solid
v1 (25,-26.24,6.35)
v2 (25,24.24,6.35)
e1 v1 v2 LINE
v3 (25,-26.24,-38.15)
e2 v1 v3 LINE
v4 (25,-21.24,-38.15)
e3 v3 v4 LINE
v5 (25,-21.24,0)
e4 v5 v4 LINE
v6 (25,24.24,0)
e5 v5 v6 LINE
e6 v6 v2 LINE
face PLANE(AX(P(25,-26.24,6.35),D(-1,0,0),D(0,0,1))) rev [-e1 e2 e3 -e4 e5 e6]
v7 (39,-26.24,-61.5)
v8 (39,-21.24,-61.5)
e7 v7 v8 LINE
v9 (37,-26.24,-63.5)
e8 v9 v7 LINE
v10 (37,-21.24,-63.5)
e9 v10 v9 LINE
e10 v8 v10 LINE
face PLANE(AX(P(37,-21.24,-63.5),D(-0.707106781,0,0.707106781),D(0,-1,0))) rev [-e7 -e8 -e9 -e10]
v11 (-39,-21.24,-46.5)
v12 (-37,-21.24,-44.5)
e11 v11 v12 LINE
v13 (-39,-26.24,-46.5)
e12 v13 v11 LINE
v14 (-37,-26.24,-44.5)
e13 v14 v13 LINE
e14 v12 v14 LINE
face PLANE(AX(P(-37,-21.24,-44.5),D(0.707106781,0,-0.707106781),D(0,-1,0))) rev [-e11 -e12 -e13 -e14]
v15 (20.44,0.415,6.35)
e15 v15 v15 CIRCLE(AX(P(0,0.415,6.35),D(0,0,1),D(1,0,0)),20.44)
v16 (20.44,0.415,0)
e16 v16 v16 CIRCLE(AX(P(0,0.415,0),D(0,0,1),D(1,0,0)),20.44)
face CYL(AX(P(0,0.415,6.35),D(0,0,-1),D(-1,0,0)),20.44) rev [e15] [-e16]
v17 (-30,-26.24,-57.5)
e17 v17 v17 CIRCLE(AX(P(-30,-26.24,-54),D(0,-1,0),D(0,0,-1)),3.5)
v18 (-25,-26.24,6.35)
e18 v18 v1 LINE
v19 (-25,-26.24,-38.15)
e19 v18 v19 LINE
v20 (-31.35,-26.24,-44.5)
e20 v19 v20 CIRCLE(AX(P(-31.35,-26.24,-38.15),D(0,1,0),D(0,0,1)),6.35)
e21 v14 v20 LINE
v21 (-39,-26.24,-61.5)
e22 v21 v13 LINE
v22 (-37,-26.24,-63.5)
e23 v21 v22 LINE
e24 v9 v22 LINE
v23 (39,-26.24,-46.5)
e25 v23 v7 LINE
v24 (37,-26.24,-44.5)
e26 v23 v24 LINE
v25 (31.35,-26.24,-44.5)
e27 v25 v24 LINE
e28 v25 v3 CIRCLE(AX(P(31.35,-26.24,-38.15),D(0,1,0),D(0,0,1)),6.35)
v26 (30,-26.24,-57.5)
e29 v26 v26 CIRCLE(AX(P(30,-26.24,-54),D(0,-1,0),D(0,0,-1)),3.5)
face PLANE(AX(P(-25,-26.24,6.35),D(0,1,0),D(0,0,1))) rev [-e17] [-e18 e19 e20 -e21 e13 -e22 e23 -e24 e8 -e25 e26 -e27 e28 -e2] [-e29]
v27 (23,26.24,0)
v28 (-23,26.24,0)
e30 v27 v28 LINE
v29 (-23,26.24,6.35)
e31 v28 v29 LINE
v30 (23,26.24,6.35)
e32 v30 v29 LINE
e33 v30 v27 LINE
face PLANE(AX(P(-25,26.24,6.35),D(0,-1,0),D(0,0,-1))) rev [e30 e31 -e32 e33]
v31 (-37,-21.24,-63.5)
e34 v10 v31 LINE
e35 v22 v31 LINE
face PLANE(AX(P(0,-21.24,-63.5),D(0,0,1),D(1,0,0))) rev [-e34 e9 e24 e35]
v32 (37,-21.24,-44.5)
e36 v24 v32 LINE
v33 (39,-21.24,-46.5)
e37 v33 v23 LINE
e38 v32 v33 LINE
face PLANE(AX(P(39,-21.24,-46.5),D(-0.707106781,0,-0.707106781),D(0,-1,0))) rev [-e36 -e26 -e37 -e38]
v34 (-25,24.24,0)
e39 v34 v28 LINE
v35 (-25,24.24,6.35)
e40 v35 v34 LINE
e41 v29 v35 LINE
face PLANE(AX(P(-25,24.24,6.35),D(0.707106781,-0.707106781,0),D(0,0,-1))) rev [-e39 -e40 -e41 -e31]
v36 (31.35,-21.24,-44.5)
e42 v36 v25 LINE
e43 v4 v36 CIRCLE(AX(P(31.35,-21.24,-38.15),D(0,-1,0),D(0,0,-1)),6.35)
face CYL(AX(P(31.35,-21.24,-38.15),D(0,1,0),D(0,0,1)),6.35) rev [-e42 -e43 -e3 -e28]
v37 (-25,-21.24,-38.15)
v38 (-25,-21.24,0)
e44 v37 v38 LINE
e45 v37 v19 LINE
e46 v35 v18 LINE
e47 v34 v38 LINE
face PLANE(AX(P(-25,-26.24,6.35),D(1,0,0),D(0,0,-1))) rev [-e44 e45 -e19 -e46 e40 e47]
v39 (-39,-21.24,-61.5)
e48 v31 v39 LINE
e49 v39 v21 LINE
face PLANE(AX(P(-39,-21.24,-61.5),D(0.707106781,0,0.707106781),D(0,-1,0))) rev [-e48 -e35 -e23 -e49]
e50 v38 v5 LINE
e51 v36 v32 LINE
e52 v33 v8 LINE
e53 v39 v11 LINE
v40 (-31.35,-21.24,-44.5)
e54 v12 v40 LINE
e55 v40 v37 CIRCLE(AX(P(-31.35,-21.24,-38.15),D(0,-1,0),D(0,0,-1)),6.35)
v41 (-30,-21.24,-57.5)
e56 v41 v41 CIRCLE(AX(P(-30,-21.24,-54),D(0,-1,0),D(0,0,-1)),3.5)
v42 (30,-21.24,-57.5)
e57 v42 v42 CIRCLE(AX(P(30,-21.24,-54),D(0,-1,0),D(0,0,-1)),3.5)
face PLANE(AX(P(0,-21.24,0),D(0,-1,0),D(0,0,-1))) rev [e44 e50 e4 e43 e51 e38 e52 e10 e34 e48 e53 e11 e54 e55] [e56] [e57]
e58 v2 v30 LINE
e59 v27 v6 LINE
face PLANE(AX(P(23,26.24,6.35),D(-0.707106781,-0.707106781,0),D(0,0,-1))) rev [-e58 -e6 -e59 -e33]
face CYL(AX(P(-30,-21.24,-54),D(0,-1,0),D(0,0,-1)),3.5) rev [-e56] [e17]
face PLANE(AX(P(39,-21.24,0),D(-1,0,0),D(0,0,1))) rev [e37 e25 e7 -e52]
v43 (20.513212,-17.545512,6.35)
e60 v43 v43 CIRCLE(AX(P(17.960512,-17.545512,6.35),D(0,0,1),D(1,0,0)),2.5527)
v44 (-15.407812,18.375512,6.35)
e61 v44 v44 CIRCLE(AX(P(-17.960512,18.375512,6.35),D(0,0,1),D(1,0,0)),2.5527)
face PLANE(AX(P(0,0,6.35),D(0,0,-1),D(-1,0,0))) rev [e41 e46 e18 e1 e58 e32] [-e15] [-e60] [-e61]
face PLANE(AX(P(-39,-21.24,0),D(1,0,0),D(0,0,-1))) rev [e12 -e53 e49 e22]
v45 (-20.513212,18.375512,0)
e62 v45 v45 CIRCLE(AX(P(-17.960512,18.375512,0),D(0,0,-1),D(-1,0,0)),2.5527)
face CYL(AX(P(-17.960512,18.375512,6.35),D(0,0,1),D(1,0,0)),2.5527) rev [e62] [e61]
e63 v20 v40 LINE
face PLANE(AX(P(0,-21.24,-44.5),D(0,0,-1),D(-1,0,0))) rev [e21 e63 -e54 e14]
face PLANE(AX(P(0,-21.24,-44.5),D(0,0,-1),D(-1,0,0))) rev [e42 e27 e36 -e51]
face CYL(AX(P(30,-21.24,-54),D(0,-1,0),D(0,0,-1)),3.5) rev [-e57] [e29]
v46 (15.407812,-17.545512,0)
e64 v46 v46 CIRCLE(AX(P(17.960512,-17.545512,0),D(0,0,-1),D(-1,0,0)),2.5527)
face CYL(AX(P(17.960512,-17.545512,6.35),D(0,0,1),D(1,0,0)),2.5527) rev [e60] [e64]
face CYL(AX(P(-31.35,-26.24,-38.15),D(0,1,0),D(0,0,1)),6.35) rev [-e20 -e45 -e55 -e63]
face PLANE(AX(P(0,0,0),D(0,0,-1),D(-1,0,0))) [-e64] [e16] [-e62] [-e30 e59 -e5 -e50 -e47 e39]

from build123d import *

# Parameters (mm, degrees)
SKETCH1_W                  = 50
SKETCH1_H                  = 52.48
SKETCH1_R                  = 20.44
BOSS_EXTRUDE1_DEPTH        = 6.35
SKETCH4_R                  = 3.5
BOSS_EXTRUDE4_DEPTH        = 5
F_10_CLEARANCE_HOLE1_D     = 5.1054
F_10_CLEARANCE_HOLE1_DEPTH = 6.35
FILLET1_R                  = 6.35
CHAMFER1_SIZE              = 2
CHAMFER2_SIZE              = 2


with BuildPart() as part:
    # Sketch1 → Boss-Extrude1 (new body)
    with BuildSketch(Plane.XY):
        Rectangle(SKETCH1_W, SKETCH1_H)
        with Locations((0, 0.415)):
            Circle(SKETCH1_R, mode=Mode.SUBTRACT)
    extrude(amount=BOSS_EXTRUDE1_DEPTH)

    # Sketch4 → Boss-Extrude4 (add)
    with BuildSketch(Plane.XZ.offset(26.24)):
        Polygon((25, -44.5), (25, 0), (-25, 0), (-25, -44.5), (-39, -44.5), (-39, -63.5), (39, -63.5), (39, -44.5), align=None)
        with Locations((30, -54)):
            Circle(SKETCH4_R, mode=Mode.SUBTRACT)
        with Locations((-30, -54)):
            Circle(SKETCH4_R, mode=Mode.SUBTRACT)
    extrude(amount=-BOSS_EXTRUDE4_DEPTH)

    # #10 Clearance Hole1
    with Locations(Plane.XY.offset(6.35)):
        with Locations((17.960512242, -17.545512242), (-17.960512242, 18.375512242)):
            Hole(F_10_CLEARANCE_HOLE1_D / 2, depth=F_10_CLEARANCE_HOLE1_DEPTH)

    # Fillet1
    fillet1_edges = [part.edges().sort_by_distance(p)[0] for p in [
        (-25, -23.74, -44.5),
        (25, -23.74, -44.5),
    ]]
    fillet(fillet1_edges, radius=FILLET1_R)

    # Chamfer1
    chamfer1_edges = [part.edges().sort_by_distance(p)[0] for p in [
        (39, -23.74, -44.5),
        (39, -23.74, -63.5),
        (-39, -23.74, -63.5),
        (-39, -23.74, -44.5),
    ]]
    chamfer(chamfer1_edges, length=CHAMFER1_SIZE)

    # Chamfer2
    chamfer2_edges = [part.edges().sort_by_distance(p)[0] for p in [
        (-25, 26.24, 3.175),
        (25, 26.24, 3.175),
    ]]
    chamfer(chamfer2_edges, length=CHAMFER2_SIZE)


solid = part.part
